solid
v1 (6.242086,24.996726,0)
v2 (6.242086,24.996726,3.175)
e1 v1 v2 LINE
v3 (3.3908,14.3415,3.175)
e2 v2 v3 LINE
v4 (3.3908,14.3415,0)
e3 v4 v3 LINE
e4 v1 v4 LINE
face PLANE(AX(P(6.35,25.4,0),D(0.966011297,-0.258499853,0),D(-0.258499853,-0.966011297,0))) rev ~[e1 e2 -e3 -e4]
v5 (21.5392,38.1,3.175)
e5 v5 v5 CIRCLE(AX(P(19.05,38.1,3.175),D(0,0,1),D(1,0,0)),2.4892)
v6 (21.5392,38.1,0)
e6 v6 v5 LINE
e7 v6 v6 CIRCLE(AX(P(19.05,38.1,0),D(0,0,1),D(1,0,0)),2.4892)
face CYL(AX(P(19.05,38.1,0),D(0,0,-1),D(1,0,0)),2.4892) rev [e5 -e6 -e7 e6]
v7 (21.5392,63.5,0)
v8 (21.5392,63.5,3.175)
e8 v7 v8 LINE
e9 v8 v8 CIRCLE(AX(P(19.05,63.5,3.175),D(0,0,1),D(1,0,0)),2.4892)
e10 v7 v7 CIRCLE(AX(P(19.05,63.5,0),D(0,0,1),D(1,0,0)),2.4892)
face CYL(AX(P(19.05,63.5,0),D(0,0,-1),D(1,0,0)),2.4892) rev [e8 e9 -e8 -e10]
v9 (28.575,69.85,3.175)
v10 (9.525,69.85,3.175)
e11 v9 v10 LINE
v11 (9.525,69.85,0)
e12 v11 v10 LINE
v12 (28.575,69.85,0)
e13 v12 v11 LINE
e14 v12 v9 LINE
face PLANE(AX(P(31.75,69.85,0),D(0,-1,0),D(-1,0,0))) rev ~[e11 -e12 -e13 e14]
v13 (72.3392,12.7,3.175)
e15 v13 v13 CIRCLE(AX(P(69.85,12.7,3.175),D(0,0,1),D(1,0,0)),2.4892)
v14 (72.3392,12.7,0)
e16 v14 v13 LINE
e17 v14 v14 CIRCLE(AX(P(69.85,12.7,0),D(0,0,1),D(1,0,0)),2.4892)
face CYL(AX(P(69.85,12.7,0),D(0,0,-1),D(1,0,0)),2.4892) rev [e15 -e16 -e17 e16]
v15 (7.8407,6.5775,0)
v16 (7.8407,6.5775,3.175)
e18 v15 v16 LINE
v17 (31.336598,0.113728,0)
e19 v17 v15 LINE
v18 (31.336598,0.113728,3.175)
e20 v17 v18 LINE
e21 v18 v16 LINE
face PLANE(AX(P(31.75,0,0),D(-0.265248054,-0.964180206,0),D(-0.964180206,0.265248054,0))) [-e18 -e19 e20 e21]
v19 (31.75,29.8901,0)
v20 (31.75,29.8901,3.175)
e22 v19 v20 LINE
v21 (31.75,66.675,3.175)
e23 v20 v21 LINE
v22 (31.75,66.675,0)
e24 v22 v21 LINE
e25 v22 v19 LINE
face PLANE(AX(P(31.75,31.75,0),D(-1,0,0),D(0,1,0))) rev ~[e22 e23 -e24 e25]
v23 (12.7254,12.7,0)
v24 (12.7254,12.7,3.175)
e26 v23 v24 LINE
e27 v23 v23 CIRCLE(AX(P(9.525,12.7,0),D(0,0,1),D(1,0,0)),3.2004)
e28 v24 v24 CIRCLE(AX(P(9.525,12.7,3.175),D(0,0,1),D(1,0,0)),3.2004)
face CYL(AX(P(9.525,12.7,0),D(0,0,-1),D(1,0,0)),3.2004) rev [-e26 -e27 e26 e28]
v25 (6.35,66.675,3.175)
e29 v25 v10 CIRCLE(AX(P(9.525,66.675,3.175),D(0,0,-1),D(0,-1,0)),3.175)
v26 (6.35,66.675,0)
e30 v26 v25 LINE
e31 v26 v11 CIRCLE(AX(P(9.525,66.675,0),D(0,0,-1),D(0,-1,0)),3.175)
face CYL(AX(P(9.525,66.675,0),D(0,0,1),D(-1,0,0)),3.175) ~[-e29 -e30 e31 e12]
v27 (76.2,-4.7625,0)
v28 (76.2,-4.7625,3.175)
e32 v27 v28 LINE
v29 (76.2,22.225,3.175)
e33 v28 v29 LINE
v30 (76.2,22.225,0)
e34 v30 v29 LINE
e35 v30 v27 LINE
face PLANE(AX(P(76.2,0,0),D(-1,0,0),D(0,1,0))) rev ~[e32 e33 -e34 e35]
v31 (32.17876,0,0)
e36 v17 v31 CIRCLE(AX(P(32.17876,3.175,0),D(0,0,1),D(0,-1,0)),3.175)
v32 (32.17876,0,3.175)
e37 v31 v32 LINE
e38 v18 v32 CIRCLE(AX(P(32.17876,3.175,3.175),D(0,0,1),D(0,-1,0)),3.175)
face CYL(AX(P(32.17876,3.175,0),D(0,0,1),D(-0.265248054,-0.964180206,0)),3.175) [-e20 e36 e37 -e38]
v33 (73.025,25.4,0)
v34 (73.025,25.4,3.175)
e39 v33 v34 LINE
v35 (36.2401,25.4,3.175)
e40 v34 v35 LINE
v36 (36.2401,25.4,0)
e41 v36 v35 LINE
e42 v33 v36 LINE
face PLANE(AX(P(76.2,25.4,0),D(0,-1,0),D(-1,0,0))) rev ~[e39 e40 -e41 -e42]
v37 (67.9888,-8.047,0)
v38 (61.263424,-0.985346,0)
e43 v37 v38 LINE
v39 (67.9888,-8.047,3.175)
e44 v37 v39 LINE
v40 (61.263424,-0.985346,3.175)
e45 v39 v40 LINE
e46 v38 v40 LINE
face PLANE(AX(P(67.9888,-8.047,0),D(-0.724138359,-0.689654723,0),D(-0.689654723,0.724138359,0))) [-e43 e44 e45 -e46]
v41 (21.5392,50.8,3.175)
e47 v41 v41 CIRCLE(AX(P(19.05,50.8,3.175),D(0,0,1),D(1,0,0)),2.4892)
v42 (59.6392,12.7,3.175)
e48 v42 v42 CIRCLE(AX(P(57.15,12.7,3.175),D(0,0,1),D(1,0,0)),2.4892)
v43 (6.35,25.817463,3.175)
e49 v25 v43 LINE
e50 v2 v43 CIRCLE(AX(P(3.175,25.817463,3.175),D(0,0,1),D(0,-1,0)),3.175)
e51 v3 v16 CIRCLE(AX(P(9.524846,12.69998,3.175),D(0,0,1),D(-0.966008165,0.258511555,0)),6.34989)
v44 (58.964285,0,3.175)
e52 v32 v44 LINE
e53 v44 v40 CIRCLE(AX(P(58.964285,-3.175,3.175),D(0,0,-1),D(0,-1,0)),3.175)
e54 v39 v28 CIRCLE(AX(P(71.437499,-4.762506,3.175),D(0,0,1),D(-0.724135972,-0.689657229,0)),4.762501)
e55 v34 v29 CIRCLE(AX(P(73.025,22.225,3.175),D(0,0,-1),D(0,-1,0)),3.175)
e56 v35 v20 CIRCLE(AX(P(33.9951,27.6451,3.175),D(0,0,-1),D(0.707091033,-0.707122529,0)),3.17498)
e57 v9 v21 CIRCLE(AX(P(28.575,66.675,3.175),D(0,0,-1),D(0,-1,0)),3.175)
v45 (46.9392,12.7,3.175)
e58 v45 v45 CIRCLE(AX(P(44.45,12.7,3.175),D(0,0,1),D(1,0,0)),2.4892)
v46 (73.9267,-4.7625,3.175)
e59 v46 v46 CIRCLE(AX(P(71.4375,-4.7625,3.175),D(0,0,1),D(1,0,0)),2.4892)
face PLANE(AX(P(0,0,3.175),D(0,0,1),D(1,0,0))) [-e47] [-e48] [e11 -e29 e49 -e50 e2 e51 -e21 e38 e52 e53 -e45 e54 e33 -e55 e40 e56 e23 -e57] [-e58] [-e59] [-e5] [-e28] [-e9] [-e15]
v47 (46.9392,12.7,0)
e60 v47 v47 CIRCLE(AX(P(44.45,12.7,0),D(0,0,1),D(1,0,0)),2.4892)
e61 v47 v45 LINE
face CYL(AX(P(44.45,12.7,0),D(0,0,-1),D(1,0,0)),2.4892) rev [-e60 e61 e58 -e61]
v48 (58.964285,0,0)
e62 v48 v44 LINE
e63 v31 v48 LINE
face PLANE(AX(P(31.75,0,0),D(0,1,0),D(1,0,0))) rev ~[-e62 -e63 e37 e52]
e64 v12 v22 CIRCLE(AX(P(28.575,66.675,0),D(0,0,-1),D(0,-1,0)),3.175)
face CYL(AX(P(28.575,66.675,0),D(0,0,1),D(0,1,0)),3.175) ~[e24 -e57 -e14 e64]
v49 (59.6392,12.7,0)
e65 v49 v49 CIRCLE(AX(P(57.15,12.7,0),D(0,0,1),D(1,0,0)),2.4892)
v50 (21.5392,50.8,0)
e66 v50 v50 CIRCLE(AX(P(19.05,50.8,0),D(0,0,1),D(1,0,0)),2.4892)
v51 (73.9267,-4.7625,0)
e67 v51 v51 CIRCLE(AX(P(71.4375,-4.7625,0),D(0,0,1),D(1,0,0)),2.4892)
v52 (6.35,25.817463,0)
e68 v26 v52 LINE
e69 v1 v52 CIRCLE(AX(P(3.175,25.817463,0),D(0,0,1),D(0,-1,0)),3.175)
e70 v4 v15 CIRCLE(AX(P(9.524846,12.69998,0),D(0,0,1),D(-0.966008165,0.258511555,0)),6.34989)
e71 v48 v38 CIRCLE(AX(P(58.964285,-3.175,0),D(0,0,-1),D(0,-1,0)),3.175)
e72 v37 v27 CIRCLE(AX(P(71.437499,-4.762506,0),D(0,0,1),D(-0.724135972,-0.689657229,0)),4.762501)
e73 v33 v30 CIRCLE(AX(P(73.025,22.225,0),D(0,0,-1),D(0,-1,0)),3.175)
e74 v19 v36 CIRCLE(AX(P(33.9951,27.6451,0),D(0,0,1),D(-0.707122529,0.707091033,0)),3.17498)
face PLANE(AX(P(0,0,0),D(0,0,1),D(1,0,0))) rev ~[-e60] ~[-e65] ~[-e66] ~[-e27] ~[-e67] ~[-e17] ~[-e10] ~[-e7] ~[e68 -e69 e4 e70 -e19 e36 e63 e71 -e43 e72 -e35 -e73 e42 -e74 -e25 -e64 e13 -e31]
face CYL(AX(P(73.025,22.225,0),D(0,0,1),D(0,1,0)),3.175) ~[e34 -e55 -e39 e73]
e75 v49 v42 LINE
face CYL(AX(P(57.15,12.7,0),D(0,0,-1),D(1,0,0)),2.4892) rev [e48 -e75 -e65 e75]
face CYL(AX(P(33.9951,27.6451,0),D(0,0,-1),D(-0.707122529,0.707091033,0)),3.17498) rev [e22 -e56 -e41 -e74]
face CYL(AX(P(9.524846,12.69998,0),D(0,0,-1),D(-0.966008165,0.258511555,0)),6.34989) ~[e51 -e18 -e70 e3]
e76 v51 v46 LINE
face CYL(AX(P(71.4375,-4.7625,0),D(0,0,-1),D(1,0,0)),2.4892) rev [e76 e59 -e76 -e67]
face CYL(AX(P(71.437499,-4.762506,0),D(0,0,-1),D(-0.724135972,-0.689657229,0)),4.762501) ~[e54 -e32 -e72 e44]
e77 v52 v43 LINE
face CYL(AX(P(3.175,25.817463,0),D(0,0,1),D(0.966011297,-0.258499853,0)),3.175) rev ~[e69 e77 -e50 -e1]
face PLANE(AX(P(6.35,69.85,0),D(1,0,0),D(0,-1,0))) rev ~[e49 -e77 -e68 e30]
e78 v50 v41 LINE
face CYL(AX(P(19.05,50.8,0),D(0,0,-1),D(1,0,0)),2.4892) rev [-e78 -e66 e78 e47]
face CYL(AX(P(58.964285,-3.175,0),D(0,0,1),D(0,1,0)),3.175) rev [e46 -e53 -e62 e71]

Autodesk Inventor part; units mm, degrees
ref_plane "YZ Plane" through (0, 0, 0) normal (1, 0, 0) x (0, 1, 0)
ref_plane "XZ Plane" through (0, 0, 0) normal (0, 1, 0) x (-1, 0, 0)
ref_plane "XY Plane" through (0, 0, 0) normal (0, 0, 1) x (1, 0, 0)
sketch "Sketch1" plane through (0, 0, 0) normal (0, 0, 1) x (1, 0, 0)
  line L0 (0, 0) -> (0, 13.4062) construction
  line L1 (0, 0) -> (20.3742, 0) construction
  circle A0 centre (9.525, 12.7) radius 9.525 construction
  circle A1 centre (9.525, 12.7) radius 3.2004
  arc A2 (3.3908, 14.3415) -> (7.8407, 6.5775) centre (9.525, 12.7) ccw
  line L2 (31.75, 0) -> (76.2, 0)
  line L3 (76.2, 0) -> (76.2, 25.4)
  line L4 (76.2, 25.4) -> (31.75, 25.4)
  line L5 (31.75, 25.4) -> (31.75, 31.75)
  line L6 (31.75, 31.75) -> (31.75, 31.75)
  line L7 (31.75, 31.75) -> (31.75, 69.85)
  line L8 (31.75, 69.85) -> (6.35, 69.85)
  line L9 (6.35, 69.85) -> (6.35, 25.4)
  line L10 (6.35, 25.4) -> (3.3908, 14.3415)
  circle A3 centre (19.05, 63.5) radius 2.4892
  circle A4 centre (19.05, 50.8) radius 2.4892
  circle A5 centre (19.05, 38.1) radius 2.4892
  circle A6 centre (44.45, 12.7) radius 2.4892
  circle A7 centre (57.15, 12.7) radius 2.4892
  circle A8 centre (69.85, 12.7) radius 2.4892
  line L11 (31.75, 31.75) -> (31.75, 25.4)
  line L12 (31.75, 25.4) -> (31.75, 25.4)
  line L13 (31.75, 0) -> (7.8407, 6.5775)
  arc A9 (67.9888, -8.047) -> (76.2, -4.7625) centre (71.4375, -4.7625) ccw
  circle A10 centre (71.4375, -4.7625) radius 2.4892
  line L14 (76.2, -4.7625) -> (76.2, 0)
  line L15 (67.9888, -8.047) -> (60.325, 0)
  arc A11 (31.75, 29.8901) -> (36.2401, 25.4) centre (33.9951, 27.6451) ccw
  circle A12 centre (31.2871, 27.4957) radius 0.4629 construction
  circle A13 centre (33.8457, 24.9371) radius 0.4629 construction
  line L16 (31.2871, 27.4957) -> (31.75, 25.4) construction
  line L17 (31.75, 25.4) -> (33.8457, 24.9371) construction
  point P0 (76.2, 12.7)
  point P1 (19.05, 69.85)
  dimension "d0" = 19.05
  dimension "d2" = 6.4008
  dimension "d6" = 12.7
  dimension "d7" = 25.4
  dimension "d8" = 4.9784
  dimension "d11" = 12.7
  dimension "d16" = 6.35
  dimension "d17" = 25.4
  dimension "d19" = 6.35
  dimension "d20" = 12.7
  dimension "d21" = 6.35
  dimension "d24" = 12.7
  dimension "d29" = 6.35
  dimension "d30" = 12.7
  dimension "d35" = 25.4
  dimension "d36" = 9.525
  dimension "d37" = 4.9784
  dimension "d38" = 3.175
  dimension "d39" = 15.875
  dimension "d40" = 6.35
extrude "Extrusion1" add sketch "Sketch1" along normal blind 3.175 contours L10 L9 L8 L7 L5 A11 L4 L3 L2 L13 A2 | L2 L14 A9 L15
fillet "Fillet1" radius 3.175 6 edges at (6.35, 69.85, 1.5875) (31.75, 69.85, 1.5875) (76.2, 25.4, 1.5875) (6.35, 25.4, 1.5875) (31.75, 0, 1.5875) (60.325, 0, 1.5875)
equation "\"d24\" = d11"
properties part number "Bottom Bearing Plate Final (R4A - 0.25in Between Stages)" material "Aluminum 6061"
